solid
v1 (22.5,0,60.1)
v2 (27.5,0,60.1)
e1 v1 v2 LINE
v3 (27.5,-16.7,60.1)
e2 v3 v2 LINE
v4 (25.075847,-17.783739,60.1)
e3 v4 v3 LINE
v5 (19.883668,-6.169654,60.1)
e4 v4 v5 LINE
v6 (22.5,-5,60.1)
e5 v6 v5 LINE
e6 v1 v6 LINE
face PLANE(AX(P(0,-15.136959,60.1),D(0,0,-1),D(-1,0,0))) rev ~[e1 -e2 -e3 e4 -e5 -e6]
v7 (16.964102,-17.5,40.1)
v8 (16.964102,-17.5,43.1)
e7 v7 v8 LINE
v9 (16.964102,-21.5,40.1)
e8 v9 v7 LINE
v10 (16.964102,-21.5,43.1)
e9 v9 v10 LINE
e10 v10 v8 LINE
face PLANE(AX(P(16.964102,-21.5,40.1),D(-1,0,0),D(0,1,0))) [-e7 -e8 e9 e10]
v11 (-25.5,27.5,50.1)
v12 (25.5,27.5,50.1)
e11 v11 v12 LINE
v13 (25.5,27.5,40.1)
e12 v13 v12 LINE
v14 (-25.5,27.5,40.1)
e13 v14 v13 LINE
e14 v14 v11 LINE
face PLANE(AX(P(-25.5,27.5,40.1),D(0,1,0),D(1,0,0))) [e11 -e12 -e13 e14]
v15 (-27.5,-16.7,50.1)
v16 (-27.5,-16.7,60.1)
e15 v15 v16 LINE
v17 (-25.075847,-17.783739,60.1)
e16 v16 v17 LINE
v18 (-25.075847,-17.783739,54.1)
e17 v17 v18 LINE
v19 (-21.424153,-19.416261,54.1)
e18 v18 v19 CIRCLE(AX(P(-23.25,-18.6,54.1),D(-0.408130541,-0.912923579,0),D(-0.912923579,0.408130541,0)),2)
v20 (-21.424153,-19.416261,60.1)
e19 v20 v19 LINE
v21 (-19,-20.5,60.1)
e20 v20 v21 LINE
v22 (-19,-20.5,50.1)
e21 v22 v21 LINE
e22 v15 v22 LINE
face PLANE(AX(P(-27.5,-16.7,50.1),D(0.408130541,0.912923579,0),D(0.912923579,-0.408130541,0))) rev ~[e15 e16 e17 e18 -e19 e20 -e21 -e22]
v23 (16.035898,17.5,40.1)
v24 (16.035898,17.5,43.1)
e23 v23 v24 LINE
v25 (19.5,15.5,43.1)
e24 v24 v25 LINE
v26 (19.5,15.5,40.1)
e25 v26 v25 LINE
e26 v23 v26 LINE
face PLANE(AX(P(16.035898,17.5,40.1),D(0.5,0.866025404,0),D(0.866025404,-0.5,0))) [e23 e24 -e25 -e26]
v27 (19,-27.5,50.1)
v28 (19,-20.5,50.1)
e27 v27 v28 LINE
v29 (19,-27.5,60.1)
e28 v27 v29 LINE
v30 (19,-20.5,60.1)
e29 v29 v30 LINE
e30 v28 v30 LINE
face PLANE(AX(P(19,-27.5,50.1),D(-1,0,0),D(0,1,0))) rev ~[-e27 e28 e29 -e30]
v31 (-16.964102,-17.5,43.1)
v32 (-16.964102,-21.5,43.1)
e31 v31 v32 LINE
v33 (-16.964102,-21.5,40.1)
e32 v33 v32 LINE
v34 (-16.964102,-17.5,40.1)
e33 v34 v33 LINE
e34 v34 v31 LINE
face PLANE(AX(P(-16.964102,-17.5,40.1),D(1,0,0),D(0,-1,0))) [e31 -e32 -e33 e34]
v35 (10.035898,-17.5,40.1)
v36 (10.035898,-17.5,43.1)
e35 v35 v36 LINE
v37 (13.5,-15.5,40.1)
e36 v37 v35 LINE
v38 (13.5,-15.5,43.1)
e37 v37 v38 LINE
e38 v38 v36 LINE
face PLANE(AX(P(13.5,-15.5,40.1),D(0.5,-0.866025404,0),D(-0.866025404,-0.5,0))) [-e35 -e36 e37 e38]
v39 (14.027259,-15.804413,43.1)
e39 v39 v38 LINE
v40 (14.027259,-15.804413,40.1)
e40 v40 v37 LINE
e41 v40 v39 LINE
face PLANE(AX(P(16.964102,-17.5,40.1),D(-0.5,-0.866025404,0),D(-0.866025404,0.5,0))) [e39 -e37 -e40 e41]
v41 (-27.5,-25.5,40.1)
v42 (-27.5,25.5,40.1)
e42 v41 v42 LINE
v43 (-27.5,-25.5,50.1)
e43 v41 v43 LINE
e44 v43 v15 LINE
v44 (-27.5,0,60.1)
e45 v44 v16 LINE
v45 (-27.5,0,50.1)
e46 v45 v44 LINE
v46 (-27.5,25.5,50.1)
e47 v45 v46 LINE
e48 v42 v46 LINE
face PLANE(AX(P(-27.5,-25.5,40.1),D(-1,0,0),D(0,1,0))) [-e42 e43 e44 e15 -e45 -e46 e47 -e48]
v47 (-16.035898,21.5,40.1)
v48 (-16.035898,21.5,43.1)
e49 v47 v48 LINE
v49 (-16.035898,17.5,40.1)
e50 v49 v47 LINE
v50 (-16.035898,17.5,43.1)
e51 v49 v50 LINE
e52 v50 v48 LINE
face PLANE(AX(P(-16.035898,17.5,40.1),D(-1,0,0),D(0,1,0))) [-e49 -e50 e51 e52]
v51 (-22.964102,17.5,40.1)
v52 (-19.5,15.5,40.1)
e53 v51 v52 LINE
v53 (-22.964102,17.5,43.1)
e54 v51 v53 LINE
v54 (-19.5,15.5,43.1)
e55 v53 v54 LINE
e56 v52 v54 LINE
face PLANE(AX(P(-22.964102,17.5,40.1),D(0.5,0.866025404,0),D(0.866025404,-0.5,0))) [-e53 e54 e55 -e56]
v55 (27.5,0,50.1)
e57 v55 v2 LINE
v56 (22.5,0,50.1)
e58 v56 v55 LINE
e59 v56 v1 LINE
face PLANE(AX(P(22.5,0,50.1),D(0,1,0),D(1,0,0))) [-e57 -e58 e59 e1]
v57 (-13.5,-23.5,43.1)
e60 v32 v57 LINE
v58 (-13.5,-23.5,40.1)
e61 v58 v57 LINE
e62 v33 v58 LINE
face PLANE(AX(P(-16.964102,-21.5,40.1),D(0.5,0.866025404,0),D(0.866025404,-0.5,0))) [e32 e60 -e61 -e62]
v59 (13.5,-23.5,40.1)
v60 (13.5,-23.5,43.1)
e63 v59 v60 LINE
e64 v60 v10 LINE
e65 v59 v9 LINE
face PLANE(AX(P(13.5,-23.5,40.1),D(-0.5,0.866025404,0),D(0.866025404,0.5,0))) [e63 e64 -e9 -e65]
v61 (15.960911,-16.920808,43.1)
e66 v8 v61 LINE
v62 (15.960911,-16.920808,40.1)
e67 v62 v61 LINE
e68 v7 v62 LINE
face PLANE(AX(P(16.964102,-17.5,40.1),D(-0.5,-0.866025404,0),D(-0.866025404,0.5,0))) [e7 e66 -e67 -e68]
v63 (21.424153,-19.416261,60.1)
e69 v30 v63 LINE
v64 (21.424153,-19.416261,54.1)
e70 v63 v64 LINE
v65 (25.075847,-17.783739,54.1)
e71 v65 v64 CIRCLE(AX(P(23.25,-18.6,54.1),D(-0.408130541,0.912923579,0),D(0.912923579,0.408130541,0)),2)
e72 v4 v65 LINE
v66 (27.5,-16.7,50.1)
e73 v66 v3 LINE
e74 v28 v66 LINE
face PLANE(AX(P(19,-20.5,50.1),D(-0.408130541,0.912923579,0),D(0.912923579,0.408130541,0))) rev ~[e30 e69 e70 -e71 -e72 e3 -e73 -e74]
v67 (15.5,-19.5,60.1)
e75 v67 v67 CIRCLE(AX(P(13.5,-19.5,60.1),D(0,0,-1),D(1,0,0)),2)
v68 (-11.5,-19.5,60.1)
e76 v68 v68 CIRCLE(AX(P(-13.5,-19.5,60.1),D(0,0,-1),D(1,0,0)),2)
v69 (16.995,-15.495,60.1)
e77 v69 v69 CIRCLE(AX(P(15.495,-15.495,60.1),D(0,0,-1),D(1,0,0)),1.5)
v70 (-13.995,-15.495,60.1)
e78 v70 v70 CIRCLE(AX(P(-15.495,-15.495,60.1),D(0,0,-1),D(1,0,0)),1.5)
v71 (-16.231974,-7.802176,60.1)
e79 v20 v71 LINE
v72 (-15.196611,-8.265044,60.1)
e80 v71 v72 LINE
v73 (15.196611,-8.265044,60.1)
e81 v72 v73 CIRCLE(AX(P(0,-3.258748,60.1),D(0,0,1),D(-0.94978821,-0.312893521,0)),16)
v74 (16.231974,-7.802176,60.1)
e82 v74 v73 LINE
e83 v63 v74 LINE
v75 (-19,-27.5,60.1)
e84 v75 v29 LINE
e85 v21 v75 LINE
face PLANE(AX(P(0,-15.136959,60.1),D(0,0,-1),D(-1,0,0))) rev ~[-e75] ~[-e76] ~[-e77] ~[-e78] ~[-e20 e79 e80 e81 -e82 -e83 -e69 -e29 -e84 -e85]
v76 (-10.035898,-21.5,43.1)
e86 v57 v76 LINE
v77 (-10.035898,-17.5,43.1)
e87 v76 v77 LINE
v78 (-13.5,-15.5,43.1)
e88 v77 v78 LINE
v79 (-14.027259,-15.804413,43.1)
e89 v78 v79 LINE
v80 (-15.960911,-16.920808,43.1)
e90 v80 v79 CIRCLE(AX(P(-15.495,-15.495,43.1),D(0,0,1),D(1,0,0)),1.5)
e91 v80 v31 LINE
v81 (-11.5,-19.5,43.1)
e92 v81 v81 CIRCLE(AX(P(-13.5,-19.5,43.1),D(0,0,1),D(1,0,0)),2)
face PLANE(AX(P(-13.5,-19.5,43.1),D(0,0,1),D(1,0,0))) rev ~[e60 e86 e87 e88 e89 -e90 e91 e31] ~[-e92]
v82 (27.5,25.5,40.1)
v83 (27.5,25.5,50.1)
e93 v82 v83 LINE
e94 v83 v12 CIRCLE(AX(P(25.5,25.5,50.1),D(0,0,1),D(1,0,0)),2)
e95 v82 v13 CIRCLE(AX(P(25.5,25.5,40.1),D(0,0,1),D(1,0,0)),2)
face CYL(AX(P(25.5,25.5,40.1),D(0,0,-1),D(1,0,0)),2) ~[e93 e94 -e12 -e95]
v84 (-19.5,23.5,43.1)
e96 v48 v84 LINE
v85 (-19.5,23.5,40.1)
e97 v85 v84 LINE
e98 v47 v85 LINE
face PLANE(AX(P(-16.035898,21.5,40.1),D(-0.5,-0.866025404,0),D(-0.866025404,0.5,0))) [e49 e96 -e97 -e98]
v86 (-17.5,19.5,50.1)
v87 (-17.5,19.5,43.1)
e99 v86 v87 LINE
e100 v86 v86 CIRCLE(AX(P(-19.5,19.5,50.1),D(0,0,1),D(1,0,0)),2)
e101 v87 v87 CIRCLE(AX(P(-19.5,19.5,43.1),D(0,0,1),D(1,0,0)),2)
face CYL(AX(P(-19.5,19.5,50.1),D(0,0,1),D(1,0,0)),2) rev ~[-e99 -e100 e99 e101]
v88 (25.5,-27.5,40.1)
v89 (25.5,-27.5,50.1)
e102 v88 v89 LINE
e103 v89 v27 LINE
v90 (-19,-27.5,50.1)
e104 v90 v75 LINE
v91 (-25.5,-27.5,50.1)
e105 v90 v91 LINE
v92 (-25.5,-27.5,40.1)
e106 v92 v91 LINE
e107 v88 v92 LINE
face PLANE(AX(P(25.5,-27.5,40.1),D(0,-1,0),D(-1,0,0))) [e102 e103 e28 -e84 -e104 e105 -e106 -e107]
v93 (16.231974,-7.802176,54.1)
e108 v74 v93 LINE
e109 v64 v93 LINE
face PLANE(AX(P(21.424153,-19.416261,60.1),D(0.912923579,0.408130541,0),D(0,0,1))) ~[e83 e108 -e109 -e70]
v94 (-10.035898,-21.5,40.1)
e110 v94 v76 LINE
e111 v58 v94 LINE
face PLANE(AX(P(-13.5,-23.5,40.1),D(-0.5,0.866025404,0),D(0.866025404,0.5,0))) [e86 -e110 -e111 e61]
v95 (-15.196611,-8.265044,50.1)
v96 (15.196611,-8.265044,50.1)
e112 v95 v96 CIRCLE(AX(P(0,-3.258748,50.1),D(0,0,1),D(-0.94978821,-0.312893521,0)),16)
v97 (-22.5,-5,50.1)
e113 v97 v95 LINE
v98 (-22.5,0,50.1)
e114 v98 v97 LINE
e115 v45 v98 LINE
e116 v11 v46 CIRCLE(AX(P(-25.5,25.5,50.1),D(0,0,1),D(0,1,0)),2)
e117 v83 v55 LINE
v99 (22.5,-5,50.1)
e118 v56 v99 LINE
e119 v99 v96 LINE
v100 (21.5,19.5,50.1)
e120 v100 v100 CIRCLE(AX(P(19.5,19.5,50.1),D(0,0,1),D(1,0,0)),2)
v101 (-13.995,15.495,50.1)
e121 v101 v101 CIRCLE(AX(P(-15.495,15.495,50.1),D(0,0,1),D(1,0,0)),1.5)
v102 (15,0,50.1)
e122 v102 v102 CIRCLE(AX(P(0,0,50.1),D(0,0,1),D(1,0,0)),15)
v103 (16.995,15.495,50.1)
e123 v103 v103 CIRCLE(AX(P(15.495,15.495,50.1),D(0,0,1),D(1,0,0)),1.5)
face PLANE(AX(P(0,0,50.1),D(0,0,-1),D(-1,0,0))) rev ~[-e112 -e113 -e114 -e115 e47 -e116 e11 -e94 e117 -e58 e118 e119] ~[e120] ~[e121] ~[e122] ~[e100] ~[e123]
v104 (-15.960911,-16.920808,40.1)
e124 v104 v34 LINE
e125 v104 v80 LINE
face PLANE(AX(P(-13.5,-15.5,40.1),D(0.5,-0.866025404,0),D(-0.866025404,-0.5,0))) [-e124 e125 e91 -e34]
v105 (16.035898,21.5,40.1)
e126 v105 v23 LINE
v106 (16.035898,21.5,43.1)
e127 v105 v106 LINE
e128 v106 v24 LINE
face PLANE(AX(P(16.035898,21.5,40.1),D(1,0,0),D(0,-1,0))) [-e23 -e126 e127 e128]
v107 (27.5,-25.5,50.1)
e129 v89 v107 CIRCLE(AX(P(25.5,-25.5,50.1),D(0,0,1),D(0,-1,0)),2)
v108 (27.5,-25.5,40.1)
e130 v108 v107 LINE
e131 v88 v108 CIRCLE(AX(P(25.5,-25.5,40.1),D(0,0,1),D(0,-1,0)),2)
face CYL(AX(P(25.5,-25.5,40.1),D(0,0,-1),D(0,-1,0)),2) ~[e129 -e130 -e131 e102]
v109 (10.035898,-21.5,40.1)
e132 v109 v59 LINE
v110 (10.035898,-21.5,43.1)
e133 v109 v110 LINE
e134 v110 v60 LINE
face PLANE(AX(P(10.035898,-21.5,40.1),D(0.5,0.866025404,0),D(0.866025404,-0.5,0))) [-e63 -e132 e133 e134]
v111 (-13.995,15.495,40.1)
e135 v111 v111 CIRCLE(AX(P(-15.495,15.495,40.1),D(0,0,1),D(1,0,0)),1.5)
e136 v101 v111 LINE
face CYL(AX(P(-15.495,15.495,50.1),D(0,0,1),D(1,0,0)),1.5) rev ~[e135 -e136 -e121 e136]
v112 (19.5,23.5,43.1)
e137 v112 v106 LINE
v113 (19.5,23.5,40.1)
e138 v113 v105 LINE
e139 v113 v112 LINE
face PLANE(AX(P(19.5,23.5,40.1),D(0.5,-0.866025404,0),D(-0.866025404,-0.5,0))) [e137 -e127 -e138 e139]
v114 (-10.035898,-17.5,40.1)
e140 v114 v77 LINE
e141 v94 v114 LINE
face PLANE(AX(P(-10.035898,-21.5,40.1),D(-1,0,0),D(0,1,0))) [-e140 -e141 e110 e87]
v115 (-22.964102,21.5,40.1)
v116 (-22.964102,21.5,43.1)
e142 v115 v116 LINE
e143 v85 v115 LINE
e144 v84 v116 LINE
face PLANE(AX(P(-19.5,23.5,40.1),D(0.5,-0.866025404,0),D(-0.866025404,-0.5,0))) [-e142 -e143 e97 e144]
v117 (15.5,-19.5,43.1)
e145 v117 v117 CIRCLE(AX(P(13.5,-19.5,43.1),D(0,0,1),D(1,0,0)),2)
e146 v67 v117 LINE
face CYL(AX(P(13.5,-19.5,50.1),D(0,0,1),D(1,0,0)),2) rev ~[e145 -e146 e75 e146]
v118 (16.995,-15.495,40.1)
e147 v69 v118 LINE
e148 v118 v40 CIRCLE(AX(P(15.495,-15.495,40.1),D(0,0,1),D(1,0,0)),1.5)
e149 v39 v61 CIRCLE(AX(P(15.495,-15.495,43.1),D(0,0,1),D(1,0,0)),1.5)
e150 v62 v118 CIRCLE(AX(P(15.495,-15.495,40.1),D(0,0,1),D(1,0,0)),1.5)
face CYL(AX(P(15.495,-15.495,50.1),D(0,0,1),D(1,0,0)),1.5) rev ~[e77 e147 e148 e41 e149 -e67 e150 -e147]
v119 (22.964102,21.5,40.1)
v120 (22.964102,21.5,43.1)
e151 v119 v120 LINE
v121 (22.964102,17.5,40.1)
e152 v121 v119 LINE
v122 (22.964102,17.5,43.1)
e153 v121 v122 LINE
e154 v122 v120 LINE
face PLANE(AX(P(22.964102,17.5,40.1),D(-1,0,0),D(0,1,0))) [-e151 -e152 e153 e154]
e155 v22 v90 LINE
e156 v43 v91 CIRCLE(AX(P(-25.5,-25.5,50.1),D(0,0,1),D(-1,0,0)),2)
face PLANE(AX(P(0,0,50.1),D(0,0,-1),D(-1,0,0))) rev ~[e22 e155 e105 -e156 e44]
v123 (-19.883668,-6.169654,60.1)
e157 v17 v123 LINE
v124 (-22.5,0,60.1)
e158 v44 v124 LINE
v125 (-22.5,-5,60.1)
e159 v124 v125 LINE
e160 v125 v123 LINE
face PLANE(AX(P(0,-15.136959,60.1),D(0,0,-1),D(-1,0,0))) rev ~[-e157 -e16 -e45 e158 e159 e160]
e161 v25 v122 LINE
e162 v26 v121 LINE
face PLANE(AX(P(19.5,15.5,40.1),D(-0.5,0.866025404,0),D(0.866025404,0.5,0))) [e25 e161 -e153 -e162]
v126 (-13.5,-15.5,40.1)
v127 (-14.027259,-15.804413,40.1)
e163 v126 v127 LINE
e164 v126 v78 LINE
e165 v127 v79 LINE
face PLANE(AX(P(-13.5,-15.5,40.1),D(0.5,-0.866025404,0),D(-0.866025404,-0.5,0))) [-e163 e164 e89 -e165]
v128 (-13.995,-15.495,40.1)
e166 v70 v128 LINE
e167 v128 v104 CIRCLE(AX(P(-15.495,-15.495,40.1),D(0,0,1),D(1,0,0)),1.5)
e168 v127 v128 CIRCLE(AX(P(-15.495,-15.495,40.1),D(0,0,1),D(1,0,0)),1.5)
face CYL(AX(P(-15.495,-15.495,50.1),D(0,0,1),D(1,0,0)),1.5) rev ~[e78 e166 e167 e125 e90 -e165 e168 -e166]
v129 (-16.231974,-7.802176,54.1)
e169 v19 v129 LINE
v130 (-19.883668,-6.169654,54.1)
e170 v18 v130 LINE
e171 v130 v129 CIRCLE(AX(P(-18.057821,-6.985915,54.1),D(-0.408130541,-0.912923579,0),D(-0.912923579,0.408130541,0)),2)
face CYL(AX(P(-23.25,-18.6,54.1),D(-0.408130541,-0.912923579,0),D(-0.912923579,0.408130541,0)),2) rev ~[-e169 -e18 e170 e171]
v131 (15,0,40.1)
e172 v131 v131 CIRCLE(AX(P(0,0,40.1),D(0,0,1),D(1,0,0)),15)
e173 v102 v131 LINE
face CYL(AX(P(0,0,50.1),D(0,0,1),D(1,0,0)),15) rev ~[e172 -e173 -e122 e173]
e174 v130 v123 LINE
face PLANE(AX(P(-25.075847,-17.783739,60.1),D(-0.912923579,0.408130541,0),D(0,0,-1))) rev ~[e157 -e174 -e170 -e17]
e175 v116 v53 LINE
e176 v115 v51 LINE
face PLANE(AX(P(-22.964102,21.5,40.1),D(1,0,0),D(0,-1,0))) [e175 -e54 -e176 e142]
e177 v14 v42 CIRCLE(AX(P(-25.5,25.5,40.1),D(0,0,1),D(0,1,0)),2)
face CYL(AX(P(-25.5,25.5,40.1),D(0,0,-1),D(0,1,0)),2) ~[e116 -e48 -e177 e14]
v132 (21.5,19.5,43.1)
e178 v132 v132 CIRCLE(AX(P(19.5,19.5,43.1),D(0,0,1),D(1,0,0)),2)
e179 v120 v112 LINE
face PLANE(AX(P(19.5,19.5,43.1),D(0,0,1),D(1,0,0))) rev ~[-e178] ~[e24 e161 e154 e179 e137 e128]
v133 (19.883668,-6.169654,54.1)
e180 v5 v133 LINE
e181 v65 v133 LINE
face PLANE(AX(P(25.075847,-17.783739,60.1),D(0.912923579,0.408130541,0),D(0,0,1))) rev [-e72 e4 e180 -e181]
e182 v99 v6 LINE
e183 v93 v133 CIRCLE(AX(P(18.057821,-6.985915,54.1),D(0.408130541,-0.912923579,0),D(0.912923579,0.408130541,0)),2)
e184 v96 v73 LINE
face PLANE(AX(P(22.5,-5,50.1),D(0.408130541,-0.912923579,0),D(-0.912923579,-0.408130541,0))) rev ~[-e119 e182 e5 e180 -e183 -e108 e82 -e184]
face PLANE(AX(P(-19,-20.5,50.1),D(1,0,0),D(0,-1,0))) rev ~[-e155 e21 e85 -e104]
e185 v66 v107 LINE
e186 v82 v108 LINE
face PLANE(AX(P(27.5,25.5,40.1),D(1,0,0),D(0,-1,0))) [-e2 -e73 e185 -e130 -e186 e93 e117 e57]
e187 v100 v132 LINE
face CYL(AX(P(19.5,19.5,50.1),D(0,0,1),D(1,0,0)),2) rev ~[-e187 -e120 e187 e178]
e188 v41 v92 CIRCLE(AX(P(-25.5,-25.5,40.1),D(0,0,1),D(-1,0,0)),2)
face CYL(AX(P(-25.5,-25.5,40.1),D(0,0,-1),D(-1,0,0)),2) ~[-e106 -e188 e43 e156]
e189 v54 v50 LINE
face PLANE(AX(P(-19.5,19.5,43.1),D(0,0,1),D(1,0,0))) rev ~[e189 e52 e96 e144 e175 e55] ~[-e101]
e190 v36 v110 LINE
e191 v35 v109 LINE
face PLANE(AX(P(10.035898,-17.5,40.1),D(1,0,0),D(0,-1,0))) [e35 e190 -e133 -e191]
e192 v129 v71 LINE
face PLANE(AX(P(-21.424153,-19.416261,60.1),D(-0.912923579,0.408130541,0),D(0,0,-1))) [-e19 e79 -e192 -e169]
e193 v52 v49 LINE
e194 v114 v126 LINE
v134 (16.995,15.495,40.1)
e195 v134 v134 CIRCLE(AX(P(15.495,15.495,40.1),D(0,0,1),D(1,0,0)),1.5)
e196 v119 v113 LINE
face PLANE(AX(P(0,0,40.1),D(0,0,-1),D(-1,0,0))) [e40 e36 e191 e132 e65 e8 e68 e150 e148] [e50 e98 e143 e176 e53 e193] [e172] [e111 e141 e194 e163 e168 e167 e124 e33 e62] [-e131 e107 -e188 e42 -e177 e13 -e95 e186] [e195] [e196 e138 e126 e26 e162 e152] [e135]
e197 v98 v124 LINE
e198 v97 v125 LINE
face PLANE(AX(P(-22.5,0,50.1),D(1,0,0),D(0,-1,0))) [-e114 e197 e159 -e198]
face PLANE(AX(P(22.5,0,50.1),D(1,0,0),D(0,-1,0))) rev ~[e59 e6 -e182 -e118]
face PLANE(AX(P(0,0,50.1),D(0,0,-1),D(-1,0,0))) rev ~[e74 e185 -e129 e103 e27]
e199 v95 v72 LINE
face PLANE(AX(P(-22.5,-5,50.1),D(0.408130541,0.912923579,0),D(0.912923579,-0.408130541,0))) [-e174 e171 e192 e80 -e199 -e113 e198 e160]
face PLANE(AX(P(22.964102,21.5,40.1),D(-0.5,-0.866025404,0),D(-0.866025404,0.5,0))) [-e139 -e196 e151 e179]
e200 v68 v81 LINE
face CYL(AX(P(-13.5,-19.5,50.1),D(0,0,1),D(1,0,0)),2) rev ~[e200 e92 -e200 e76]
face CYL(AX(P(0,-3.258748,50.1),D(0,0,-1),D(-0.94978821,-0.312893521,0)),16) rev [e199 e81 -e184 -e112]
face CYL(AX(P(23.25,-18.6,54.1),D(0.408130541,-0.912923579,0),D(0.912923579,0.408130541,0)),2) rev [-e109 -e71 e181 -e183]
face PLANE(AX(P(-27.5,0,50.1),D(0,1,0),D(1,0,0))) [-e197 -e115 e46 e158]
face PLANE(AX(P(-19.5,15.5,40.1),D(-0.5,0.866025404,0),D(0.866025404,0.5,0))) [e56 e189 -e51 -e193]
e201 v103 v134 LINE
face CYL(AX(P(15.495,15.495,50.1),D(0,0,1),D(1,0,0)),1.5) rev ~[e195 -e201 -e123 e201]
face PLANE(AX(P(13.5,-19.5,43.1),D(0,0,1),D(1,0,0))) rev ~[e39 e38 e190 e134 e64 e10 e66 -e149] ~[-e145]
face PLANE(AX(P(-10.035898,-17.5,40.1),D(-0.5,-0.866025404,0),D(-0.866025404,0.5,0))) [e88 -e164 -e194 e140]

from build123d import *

# Parameters (mm, degrees)
PAD009_DEPTH         = 10
PAD010_DEPTH         = 10
POCKET011_DEPTH      = 223.4231860076
SKETCH024_R          = 15
SKETCH024_R_2        = 1.5
SKETCH024_R_3        = 2
POCKET012_DEPTH      = 10.001
POCKET012_DEPTH_BACK = 10.001
POCKET013_DEPTH      = 3


with BuildPart() as part:
    # Sketch021 → Pad009 (new body)
    with BuildSketch(Plane.XY.offset(40.1)):
        with BuildLine():
            Line((-25.5, 27.5), (25.5, 27.5))
            ThreePointArc((27.5, 25.5), (26.9142135624, 26.9142135624), (25.5, 27.5))
            Line((27.5, 25.5), (27.5, -25.5))
            ThreePointArc((25.5, -27.5), (26.9142135624, -26.9142135624), (27.5, -25.5))
            Line((25.5, -27.5), (-25.5, -27.5))
            ThreePointArc((-27.5, -25.5), (-26.9142135624, -26.9142135624), (-25.5, -27.5))
            Line((-27.5, -25.5), (-27.5, 25.5))
            ThreePointArc((-25.5, 27.5), (-26.9142135624, 26.9142135624), (-27.5, 25.5))
        make_face()
    extrude(amount=PAD009_DEPTH)

    # Sketch022 → Pad010 (join)
    with BuildSketch(Plane.XY.offset(50.1)):
        with BuildLine():
            Line((-27.5, 0), (-22.5, 0))
            Line((-22.5, 0), (-22.5, -5))
            Line((-22.5, -5), (-15.1966113671, -8.26504433))
            ThreePointArc((-15.1966113671, -8.26504433), (0, -19.2587479987), (15.1966113671, -8.26504433))
            Line((22.5, -5), (15.1966113671, -8.26504433))
            Line((22.5, 0), (22.5, -5))
            Line((22.5, 0), (27.5, 0))
            Line((27.5, -16.7), (27.5, 0))
            Line((19, -20.5), (27.5, -16.7))
            Line((19, -27.5), (19, -20.5))
            Line((-19, -27.5), (19, -27.5))
            Line((-19, -20.5), (-19, -27.5))
            Line((-27.5, -16.7), (-19, -20.5))
            Line((-27.5, 0), (-27.5, -16.7))
        make_face()
    extrude(amount=PAD010_DEPTH)

    # Sketch023 (on Face25 of Pad010) → Pocket011 (cut, through all)
    with BuildSketch(Plane(origin=(-10.8029761218, -24.1645518514, 0), x_dir=(0.9129235791, -0.4081305413, 0), z_dir=(-0.4081305413, -0.9129235791, 0))):
        with BuildLine():
            Line((-15.6342451471, 60.1), (-11.6342451471, 60.1))
            Line((-11.6342451471, 60.1), (-11.6342451471, 54.1))
            ThreePointArc((-15.6342451471, 54.1), (-13.6342451471, 52.1), (-11.6342451471, 54.1))
            Line((-15.6342451471, 60.1), (-15.6342451471, 54.1))
        make_face()
    pocket011 = extrude(amount=-POCKET011_DEPTH, mode=Mode.SUBTRACT)

    # Mirrored: Pocket011 across YZ
    add(pocket011.mirror(Plane.YZ), mode=Mode.SUBTRACT)

    # Sketch024 → Pocket012 (cut, two sides)
    with BuildSketch(Plane.XY.offset(50.1)) as pocket012_sk:
        Circle(SKETCH024_R)
        with Locations((15.495, 15.495)):
            Circle(SKETCH024_R_2)
        with Locations((15.495, -15.495)):
            Circle(SKETCH024_R_2)
        with Locations((-15.495, -15.495)):
            Circle(SKETCH024_R_2)
        with Locations((-15.495, 15.495)):
            Circle(SKETCH024_R_2)
        with Locations((-19.5, 19.5)):
            Circle(SKETCH024_R_3)
        with Locations((-13.5, -19.5)):
            Circle(SKETCH024_R_3)
        with Locations((13.5, -19.5)):
            Circle(SKETCH024_R_3)
        with Locations((19.5, 19.5)):
            Circle(SKETCH024_R_3)
    extrude(amount=-POCKET012_DEPTH, mode=Mode.SUBTRACT)
    extrude(pocket012_sk.sketch, amount=POCKET012_DEPTH_BACK, mode=Mode.SUBTRACT)

    # Sketch026 → Pocket013 (cut)
    with BuildSketch(Plane.XY.offset(40.1)):
        Polygon((22.9641016151, 17.5), (22.9641016151, 21.5), (19.5, 23.5), (16.0358983849, 21.5), (16.0358983849, 17.5), (19.5, 15.5), align=None)
        Polygon((16.9641016151, -21.5), (16.9641016151, -17.5), (13.5, -15.5), (10.0358983849, -17.5), (10.0358983849, -21.5), (13.5, -23.5), align=None)
        Polygon((-10.0358983849, -21.5), (-10.0358983849, -17.5), (-13.5, -15.5), (-16.9641016151, -17.5), (-16.9641016151, -21.5), (-13.5, -23.5), align=None)
        Polygon((-16.0358983849, 17.5), (-16.0358983849, 21.5), (-19.5, 23.5), (-22.9641016151, 21.5), (-22.9641016151, 17.5), (-19.5, 15.5), align=None)
    extrude(amount=POCKET013_DEPTH, mode=Mode.SUBTRACT)


solid = part.part
